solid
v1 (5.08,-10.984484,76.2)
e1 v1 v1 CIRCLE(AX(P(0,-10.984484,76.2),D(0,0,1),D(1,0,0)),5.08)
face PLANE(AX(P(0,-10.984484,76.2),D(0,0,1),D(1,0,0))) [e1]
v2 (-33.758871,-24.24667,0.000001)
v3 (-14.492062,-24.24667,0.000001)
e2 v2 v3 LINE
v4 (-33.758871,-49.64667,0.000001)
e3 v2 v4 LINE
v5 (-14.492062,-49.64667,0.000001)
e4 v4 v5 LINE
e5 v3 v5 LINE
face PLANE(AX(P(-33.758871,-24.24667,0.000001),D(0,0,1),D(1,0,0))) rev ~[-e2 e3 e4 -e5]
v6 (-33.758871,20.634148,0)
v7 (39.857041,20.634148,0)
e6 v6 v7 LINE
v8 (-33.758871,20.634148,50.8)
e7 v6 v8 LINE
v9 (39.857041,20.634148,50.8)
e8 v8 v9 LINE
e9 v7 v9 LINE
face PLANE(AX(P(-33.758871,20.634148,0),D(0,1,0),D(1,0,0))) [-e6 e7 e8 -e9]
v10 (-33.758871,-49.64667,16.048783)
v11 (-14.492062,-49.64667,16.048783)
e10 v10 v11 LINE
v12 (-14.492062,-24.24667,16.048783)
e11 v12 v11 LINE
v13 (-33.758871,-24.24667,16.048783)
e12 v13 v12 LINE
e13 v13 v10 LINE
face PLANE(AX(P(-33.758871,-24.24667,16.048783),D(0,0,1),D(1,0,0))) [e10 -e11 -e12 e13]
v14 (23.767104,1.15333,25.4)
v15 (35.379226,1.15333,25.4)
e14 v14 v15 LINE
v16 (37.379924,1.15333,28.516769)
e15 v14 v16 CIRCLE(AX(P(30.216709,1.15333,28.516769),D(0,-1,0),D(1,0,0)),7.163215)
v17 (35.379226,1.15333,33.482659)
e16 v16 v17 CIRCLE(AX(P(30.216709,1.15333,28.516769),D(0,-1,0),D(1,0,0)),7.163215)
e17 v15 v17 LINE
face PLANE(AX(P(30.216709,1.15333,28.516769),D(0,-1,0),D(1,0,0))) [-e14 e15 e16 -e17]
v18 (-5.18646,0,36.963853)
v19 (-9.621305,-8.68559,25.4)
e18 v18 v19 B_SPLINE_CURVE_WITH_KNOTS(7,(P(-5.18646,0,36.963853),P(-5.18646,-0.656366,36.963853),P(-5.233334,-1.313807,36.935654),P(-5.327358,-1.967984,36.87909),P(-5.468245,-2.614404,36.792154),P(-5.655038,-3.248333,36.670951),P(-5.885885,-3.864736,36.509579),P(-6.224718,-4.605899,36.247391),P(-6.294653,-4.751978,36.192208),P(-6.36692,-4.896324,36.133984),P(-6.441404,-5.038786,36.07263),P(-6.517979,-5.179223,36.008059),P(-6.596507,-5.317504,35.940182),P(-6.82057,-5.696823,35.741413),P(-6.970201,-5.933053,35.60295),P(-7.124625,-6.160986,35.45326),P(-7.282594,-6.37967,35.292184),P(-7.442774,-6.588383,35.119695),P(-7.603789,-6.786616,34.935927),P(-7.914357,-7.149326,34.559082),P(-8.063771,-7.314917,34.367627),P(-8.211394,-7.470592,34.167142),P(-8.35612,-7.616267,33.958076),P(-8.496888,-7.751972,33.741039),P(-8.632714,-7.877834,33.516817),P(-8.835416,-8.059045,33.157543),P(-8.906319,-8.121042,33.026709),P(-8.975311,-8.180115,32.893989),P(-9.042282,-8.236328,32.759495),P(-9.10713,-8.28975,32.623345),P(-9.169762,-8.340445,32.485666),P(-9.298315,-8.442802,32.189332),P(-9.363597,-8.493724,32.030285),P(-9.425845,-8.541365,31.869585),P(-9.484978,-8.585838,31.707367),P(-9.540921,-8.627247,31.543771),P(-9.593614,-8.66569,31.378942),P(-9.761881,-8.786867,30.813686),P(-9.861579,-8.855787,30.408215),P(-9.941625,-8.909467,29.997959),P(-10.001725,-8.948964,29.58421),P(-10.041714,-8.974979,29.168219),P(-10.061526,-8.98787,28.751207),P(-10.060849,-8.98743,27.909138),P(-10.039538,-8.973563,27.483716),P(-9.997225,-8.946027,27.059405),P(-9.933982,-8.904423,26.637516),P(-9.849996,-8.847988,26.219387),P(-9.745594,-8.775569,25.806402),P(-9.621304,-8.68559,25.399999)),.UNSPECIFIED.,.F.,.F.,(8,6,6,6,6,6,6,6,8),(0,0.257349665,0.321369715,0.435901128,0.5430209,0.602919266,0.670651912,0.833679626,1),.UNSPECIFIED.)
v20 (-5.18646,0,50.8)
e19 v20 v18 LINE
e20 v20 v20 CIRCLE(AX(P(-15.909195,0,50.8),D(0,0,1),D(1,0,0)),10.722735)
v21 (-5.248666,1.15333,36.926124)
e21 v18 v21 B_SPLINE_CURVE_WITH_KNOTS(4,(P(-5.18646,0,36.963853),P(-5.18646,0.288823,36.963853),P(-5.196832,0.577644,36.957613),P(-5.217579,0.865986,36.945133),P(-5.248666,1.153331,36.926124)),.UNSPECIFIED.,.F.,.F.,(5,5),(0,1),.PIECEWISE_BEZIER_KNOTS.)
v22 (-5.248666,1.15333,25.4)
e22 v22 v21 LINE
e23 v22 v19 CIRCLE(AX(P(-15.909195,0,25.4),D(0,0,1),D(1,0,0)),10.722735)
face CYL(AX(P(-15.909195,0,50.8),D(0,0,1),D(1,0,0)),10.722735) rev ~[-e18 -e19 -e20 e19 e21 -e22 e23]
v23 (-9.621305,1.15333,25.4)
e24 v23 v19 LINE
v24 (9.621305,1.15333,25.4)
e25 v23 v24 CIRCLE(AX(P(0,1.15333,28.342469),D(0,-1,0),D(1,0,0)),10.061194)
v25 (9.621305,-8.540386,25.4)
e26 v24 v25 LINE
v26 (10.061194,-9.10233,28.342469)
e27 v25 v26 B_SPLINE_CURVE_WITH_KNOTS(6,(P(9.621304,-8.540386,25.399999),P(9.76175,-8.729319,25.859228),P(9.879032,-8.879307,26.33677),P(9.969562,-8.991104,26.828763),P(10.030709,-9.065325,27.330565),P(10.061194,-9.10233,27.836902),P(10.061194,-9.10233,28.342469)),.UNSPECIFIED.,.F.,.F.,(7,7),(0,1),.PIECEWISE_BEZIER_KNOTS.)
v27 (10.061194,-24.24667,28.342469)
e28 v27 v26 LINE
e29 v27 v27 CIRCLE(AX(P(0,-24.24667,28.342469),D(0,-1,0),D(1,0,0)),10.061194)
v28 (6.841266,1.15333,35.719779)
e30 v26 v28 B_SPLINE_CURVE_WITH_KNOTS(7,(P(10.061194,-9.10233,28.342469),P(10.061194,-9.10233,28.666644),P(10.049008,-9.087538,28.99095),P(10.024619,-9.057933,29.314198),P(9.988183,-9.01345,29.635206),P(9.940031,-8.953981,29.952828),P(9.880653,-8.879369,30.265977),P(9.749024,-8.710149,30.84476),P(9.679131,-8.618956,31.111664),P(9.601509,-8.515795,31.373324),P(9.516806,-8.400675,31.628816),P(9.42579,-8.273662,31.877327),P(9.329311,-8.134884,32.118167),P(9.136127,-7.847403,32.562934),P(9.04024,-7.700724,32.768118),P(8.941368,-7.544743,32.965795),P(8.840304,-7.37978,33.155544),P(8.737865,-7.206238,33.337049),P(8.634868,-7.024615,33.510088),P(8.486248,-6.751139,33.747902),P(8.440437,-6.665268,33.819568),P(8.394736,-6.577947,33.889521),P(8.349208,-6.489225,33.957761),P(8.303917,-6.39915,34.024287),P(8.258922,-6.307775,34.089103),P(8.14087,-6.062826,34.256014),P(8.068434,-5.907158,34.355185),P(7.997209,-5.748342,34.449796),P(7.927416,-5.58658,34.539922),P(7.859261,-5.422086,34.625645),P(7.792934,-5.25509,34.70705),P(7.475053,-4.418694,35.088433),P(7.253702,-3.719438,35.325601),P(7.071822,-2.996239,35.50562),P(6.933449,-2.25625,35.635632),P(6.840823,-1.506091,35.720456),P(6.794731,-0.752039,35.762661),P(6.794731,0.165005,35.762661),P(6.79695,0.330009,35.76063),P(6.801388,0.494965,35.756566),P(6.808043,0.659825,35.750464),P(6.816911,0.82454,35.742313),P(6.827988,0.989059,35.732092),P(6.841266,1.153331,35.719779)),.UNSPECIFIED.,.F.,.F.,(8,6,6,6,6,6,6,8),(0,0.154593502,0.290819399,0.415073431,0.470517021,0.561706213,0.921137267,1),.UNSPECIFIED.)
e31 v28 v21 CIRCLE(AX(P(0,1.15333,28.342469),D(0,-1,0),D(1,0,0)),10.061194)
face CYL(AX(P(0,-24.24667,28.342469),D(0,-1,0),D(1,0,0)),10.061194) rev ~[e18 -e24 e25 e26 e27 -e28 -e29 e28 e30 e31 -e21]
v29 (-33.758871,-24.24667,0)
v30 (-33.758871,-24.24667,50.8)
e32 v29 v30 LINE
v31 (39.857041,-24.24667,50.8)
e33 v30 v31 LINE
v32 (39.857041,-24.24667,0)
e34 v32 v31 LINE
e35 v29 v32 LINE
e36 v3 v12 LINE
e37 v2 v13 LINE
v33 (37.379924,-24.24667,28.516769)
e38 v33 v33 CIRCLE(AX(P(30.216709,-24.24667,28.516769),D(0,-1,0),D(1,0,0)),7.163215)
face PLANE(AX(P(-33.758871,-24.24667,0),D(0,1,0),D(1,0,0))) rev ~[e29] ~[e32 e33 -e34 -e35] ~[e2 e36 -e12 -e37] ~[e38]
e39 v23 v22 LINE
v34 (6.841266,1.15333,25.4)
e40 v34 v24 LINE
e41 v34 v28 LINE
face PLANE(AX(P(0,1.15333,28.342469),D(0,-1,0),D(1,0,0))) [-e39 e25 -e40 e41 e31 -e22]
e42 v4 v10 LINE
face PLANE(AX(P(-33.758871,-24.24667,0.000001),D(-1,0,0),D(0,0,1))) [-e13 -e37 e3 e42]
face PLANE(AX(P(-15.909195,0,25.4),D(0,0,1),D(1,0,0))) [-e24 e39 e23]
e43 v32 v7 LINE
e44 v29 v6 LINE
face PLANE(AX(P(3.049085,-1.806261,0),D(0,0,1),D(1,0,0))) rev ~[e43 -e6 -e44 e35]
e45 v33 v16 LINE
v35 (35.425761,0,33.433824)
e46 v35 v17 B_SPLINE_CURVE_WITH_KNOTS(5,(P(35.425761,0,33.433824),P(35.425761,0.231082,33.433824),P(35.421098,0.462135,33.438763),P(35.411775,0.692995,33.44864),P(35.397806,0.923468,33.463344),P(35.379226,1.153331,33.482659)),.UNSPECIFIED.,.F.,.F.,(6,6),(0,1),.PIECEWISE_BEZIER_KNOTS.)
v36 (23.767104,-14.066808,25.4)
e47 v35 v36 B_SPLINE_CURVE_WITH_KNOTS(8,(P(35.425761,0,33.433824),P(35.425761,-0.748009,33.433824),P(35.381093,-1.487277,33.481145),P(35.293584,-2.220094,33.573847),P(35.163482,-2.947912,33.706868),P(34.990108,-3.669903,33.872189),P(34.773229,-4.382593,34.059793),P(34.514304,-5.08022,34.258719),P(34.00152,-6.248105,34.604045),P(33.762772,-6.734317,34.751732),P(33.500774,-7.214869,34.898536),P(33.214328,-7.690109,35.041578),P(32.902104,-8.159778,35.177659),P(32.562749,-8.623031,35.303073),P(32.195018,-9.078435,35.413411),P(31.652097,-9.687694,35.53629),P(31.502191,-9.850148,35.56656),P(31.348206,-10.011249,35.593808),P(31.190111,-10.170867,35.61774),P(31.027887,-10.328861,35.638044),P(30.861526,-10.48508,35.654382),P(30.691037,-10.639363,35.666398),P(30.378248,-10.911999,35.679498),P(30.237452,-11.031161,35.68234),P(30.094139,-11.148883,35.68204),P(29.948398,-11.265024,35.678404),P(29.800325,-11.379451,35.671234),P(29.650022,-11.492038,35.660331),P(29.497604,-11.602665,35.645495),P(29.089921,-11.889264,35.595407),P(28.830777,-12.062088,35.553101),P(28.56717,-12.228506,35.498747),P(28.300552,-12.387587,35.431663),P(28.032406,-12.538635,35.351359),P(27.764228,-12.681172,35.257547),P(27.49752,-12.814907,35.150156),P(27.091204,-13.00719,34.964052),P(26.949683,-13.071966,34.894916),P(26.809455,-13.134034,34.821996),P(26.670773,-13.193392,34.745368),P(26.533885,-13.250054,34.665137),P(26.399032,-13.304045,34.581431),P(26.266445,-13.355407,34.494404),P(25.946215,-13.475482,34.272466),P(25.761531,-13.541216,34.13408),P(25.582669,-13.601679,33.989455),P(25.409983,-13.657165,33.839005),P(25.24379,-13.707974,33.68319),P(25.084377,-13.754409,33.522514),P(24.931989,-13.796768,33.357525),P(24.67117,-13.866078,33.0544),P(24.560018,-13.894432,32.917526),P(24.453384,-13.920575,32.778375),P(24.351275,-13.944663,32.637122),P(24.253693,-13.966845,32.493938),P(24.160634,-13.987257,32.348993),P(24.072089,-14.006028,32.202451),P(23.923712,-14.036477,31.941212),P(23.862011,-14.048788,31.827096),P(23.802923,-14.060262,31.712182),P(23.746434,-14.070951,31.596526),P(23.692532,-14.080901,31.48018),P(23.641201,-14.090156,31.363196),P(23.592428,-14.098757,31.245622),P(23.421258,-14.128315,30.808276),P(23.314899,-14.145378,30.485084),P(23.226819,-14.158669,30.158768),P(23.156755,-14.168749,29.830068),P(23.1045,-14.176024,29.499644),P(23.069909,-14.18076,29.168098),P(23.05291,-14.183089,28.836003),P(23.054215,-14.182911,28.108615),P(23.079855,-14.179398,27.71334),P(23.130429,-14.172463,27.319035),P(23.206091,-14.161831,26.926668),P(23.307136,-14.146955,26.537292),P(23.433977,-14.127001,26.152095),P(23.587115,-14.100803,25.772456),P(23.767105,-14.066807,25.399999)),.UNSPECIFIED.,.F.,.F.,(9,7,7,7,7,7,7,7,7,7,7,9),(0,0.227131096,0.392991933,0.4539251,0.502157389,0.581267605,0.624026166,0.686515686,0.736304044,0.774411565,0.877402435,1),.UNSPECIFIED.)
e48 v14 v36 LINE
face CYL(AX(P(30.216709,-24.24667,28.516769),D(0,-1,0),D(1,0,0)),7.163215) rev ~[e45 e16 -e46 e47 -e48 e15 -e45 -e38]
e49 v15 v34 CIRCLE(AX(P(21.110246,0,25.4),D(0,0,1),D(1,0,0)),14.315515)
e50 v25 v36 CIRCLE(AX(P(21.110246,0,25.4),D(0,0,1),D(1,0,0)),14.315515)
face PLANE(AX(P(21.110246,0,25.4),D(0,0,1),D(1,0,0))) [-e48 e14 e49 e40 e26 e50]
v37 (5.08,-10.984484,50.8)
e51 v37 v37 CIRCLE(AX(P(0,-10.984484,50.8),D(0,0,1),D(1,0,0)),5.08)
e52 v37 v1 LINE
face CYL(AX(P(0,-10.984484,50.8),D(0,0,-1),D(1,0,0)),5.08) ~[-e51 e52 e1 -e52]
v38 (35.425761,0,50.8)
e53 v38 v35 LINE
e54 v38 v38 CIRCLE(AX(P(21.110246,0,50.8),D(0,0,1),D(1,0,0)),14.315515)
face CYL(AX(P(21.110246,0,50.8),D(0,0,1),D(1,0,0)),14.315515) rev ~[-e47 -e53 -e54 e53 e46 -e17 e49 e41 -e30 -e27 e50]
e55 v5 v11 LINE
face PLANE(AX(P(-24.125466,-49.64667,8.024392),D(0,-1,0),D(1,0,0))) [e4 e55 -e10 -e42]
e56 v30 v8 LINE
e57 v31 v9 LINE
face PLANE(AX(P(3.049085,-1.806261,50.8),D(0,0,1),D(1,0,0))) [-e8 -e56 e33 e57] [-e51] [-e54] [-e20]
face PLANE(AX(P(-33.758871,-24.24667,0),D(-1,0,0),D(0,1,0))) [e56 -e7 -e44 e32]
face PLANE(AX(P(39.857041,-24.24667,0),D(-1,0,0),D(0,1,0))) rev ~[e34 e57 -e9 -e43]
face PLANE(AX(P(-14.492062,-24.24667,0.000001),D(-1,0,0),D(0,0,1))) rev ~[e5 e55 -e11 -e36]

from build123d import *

# Parameters (mm, degrees)
F0_W      = 73.615912
F0_H      = 44.880818
F1_DEPTH  = 50.8
F2_R      = 10.722735
F2_R_2    = 14.315515
F3_DEPTH  = 25.4
F4_R      = 5.08
F5_DEPTH  = 25.4
F6_R      = 10.061194
F7_DEPTH  = 25.4
F8_R      = 7.163215
F9_DEPTH  = 25.4
F10_W     = 19.266809
F10_H     = 16.048783
F11_DEPTH = 25.4


with BuildPart() as f1:
    # F0 (on Top) → F1 (new body)
    with BuildSketch(Plane.XY):
        with Locations((3.049085, -1.806261)):
            Rectangle(F0_W, F0_H)
    extrude(amount=F1_DEPTH)

    # F2 (on face) → F3 (cut)
    with BuildSketch(Plane.XY.offset(50.8)):
        with Locations((-15.909195, 0)):
            Circle(F2_R)
        with Locations((21.110246, 0)):
            Circle(F2_R_2)
    extrude(amount=-F3_DEPTH, mode=Mode.SUBTRACT)

    # F4 (on face) → F5 (join)
    with BuildSketch(Plane.XY.offset(50.8)):
        with Locations((0, -10.984484)):
            Circle(F4_R)
    extrude(amount=F5_DEPTH)

    # F6 (on face) → F7 (cut)
    with BuildSketch(Plane.XZ.offset(24.24667)):
        with Locations((0, 28.342469)):
            Circle(F6_R)
    extrude(amount=-F7_DEPTH, mode=Mode.SUBTRACT)

    # F8 (on face) → F9 (cut)
    with BuildSketch(Plane.XZ.offset(24.24667)):
        with Locations((30.216709, 28.516769)):
            Circle(F8_R)
    extrude(amount=-F9_DEPTH, mode=Mode.SUBTRACT)

    # F10 (on face) → F11 (join)
    with BuildSketch(Plane.XZ.offset(24.24667)):
        with Locations((-24.125466, 8.024392)):
            Rectangle(F10_W, F10_H)
    extrude(amount=F11_DEPTH)


solid = f1.part
